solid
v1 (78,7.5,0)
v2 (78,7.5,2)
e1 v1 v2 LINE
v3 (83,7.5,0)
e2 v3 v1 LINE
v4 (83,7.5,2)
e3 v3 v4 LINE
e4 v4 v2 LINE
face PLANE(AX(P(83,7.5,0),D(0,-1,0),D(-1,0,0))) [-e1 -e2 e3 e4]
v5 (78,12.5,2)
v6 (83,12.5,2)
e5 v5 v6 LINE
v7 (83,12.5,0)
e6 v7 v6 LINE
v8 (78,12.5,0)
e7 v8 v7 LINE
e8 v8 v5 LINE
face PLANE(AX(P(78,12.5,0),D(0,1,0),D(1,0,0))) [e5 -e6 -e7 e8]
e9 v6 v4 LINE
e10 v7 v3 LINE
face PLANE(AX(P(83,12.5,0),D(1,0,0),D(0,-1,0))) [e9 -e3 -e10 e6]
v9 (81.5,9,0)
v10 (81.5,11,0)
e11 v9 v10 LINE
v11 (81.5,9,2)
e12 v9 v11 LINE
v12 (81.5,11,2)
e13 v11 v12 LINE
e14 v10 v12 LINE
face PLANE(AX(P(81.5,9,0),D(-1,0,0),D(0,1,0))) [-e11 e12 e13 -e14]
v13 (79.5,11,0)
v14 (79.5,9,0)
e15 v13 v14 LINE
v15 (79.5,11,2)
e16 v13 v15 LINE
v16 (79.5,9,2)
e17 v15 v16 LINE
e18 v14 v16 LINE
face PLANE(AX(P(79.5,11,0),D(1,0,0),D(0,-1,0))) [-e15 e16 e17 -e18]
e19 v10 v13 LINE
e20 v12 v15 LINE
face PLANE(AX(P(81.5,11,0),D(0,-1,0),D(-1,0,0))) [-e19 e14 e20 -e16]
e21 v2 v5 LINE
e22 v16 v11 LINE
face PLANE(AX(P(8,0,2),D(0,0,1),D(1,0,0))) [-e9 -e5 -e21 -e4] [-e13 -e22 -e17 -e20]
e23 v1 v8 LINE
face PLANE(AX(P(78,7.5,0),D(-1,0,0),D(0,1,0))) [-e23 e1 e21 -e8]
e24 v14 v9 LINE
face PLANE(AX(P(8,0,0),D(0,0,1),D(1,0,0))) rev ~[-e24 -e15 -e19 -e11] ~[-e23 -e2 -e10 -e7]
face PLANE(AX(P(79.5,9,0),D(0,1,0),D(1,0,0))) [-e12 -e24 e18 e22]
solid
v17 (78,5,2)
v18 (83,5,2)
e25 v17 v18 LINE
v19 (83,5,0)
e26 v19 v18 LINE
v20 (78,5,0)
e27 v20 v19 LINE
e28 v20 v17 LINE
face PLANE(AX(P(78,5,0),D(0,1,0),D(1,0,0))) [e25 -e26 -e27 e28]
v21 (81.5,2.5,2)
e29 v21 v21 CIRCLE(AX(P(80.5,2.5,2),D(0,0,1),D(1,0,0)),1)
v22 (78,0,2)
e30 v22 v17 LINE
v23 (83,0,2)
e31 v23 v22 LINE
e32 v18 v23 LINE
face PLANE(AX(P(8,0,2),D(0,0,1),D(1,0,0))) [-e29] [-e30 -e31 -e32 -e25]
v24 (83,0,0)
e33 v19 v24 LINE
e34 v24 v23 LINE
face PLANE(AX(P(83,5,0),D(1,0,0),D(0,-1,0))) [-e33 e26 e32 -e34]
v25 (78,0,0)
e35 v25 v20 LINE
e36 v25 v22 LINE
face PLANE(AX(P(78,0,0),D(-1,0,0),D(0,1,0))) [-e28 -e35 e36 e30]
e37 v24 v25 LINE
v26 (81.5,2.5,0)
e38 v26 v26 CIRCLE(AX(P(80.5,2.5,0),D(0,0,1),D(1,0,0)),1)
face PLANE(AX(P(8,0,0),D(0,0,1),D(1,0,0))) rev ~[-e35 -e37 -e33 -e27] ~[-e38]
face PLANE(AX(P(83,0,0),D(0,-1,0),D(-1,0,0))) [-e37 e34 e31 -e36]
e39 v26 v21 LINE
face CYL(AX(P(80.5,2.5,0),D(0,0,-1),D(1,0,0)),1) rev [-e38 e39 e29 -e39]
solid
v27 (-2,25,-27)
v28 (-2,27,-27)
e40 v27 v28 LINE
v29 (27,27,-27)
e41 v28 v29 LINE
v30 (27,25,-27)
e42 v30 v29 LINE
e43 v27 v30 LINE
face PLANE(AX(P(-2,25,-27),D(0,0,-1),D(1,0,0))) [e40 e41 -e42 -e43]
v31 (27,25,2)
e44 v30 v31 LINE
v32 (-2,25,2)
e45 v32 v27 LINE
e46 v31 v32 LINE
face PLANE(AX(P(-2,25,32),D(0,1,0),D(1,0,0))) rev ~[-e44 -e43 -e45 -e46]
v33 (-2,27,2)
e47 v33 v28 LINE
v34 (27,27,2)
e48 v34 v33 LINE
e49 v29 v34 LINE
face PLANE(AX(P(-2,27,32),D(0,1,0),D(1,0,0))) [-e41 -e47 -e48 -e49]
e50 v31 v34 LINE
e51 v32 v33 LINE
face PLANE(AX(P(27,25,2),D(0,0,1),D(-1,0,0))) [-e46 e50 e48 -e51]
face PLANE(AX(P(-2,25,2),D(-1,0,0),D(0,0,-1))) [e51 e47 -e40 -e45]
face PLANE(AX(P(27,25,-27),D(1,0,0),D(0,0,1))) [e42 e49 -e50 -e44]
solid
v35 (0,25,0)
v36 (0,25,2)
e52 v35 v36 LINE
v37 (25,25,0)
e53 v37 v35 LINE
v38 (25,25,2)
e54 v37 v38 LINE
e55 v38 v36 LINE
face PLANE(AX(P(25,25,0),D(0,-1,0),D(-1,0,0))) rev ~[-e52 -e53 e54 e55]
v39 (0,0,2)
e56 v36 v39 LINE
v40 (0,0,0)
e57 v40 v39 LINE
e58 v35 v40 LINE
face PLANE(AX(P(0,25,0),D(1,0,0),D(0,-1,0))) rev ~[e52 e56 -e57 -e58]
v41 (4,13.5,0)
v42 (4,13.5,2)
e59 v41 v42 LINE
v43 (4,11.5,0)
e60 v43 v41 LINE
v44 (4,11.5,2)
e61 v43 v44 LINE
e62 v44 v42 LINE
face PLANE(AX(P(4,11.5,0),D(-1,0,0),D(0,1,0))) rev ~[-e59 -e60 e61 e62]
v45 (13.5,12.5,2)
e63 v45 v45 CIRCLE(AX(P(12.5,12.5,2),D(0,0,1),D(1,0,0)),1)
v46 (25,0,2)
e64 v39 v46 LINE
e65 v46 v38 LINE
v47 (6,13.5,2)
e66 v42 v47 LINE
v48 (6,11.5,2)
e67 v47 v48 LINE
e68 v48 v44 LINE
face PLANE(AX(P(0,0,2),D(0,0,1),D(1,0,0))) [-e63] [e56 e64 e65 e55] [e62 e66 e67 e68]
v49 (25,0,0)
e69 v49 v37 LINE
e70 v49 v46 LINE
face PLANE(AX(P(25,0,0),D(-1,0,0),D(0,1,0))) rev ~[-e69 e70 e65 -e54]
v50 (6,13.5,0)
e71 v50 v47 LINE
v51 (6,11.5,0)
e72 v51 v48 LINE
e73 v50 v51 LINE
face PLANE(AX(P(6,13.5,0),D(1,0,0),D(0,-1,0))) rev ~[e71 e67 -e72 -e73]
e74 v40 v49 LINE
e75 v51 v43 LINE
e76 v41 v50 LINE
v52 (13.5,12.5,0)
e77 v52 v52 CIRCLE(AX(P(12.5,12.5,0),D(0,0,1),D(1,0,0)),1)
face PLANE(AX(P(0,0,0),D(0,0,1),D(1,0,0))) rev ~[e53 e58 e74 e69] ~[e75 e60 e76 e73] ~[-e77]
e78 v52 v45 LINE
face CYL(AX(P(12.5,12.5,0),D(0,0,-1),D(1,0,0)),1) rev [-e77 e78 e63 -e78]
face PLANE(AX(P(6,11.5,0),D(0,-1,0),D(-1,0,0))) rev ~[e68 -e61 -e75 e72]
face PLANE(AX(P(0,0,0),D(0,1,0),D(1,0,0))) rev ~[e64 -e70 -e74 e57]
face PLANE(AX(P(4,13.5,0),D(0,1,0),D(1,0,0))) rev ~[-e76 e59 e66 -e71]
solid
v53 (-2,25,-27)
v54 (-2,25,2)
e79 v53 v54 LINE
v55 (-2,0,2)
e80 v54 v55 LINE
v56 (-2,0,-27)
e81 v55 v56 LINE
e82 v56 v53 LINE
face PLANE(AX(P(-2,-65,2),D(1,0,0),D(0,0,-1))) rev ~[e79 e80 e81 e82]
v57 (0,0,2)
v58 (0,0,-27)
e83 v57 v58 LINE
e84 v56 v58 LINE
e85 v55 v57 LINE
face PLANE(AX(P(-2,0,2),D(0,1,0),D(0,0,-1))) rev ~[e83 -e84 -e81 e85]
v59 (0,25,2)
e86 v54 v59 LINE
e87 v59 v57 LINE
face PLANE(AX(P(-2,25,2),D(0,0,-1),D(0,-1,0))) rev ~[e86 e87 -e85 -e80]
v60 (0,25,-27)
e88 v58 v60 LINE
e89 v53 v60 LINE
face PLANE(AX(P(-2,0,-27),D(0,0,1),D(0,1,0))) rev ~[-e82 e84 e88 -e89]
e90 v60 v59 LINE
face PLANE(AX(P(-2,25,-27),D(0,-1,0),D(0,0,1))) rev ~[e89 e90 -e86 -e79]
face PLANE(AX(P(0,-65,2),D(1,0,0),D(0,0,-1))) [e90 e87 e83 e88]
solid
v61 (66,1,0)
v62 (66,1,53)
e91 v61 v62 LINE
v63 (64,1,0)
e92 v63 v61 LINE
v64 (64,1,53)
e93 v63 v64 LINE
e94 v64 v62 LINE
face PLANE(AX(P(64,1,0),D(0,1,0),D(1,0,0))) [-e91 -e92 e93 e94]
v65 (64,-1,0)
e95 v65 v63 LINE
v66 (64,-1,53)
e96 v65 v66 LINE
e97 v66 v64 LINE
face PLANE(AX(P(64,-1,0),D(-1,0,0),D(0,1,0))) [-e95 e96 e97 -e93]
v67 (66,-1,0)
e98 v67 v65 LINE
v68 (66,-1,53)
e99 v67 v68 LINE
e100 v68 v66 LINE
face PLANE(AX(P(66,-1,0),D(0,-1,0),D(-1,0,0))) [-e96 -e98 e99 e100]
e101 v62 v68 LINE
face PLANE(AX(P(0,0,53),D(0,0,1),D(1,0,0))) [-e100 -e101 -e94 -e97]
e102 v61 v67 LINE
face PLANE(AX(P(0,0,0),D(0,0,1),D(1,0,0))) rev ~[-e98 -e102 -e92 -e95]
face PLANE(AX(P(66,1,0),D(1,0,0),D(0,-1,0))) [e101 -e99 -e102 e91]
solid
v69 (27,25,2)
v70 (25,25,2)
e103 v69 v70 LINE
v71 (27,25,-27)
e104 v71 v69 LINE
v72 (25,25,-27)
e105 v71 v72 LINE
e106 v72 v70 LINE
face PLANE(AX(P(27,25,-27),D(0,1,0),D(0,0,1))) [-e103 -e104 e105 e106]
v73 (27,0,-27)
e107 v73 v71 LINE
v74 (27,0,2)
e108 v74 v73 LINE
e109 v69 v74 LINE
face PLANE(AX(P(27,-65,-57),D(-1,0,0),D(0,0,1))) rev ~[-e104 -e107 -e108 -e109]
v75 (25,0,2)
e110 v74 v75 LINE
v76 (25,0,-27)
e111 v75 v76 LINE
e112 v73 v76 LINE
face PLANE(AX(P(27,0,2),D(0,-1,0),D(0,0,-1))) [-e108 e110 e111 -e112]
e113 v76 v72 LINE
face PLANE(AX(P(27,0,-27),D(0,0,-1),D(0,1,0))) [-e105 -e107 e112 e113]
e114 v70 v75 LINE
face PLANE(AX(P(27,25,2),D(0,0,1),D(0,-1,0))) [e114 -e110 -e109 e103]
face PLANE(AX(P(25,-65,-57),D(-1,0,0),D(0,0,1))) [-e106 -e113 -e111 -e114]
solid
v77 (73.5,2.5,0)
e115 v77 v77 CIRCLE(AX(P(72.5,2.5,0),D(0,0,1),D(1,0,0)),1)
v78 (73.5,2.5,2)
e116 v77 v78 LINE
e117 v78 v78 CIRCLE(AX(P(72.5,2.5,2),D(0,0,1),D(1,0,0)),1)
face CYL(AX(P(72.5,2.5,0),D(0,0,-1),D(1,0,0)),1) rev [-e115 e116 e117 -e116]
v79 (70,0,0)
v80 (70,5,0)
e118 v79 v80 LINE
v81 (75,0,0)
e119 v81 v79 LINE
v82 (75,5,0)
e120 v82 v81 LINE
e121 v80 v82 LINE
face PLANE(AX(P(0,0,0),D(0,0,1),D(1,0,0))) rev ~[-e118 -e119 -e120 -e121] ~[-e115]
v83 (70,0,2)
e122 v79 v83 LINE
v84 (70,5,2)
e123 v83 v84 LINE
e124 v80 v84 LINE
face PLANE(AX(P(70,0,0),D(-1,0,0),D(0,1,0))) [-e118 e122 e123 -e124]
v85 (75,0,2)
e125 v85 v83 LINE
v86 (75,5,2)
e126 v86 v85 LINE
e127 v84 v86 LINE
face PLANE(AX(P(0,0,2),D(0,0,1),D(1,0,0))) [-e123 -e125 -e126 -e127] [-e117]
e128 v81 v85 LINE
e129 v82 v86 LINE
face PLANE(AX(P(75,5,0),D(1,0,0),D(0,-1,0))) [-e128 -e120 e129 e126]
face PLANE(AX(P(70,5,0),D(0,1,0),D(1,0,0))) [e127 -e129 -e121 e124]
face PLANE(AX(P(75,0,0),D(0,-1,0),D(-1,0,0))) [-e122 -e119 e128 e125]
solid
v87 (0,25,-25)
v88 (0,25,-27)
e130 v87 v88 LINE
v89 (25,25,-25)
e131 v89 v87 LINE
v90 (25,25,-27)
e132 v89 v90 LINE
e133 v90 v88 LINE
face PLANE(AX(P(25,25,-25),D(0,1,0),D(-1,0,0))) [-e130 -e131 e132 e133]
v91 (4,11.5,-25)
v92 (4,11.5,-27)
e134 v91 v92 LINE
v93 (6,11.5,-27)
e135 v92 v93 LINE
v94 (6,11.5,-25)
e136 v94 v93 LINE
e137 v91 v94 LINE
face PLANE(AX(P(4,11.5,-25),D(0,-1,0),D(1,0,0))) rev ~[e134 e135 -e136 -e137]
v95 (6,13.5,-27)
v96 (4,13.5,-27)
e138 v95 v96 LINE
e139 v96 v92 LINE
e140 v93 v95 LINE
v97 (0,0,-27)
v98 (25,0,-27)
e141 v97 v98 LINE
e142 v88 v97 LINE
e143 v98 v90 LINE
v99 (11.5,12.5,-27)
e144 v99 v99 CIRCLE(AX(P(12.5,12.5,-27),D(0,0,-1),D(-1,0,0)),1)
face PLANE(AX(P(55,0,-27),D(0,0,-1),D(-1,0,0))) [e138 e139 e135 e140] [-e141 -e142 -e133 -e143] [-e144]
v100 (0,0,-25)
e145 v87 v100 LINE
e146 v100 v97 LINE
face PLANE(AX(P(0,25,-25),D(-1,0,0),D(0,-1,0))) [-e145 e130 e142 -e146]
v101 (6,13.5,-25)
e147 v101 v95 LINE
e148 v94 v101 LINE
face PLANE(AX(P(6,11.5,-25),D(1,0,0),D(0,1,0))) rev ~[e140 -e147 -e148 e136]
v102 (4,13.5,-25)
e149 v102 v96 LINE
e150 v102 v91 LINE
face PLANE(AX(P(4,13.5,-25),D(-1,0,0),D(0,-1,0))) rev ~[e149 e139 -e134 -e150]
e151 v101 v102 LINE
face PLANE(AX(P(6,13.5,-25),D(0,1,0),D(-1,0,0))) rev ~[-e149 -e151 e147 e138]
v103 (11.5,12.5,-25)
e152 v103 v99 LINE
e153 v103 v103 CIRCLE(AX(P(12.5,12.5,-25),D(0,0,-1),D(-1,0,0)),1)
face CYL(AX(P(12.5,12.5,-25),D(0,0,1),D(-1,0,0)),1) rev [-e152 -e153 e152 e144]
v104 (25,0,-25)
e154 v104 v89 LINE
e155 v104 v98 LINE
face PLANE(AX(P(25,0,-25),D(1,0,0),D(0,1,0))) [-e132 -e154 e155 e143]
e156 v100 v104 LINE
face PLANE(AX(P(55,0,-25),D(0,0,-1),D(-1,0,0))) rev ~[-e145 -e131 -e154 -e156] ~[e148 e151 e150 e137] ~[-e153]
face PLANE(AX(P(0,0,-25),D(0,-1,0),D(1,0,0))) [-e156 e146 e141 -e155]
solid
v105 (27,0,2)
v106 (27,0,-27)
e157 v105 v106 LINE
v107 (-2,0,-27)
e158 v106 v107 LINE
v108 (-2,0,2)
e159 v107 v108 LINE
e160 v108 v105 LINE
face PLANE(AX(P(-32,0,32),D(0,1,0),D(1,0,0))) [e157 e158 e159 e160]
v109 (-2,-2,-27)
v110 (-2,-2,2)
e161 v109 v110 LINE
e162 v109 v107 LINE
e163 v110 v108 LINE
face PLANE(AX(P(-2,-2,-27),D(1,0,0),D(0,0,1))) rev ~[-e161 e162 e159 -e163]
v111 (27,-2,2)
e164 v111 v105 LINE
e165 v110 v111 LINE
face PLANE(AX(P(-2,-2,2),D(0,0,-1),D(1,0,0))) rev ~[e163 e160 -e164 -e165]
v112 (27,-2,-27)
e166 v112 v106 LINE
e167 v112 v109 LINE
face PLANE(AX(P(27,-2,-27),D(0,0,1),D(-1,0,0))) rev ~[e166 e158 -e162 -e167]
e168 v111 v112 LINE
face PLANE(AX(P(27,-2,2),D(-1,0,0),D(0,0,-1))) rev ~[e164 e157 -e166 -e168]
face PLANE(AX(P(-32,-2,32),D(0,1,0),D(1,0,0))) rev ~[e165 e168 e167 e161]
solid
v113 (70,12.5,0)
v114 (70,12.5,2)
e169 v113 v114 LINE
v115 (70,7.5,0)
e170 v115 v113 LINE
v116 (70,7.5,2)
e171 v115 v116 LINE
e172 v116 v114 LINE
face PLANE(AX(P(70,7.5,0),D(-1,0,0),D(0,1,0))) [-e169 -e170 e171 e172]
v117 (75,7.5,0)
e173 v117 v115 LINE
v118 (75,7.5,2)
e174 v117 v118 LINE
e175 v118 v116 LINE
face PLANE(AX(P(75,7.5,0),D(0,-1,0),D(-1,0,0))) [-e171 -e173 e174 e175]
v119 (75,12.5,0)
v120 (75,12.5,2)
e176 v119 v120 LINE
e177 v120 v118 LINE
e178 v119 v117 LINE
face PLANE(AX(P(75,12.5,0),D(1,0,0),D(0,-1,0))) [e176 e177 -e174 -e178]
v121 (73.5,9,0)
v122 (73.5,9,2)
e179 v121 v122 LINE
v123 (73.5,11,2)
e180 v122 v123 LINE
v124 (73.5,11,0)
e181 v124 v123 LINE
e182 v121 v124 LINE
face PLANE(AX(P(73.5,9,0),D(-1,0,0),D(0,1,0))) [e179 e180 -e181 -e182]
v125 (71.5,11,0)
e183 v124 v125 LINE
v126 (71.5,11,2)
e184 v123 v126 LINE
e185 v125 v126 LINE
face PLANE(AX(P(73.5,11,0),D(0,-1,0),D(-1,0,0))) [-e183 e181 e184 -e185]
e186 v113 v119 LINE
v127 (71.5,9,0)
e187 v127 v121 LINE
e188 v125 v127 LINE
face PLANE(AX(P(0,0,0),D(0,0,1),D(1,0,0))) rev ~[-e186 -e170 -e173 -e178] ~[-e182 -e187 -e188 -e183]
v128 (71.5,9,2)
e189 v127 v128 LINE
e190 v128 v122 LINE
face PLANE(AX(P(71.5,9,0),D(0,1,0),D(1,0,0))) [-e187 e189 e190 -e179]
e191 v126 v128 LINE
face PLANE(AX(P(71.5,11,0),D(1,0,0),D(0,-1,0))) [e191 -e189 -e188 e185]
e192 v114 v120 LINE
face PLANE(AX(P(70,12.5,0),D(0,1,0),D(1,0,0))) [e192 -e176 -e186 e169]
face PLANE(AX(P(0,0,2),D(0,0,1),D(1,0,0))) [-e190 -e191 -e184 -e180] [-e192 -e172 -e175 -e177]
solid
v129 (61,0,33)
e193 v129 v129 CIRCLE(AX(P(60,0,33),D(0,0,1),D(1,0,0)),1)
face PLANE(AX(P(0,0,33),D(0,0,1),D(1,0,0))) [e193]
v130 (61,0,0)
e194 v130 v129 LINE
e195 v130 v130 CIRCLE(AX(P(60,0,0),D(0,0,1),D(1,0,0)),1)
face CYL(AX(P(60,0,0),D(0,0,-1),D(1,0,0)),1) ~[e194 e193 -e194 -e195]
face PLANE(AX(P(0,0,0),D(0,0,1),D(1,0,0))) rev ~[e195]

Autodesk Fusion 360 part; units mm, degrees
sketch "スケッチ1" plane through (0, 0, 0) normal (0, 0, 1) x (1, 0, 0)
  line L0 (0, 0) -> (25, 0)
  line L1 (25, 0) -> (25, 25)
  line L2 (25, 25) -> (0, 25)
  line L3 (0, 25) -> (0, 0)
  line L4 (30, 25) -> (55, 25)
  line L5 (55, 25) -> (55, 0)
  line L6 (55, 0) -> (30, 0)
  line L7 (30, 0) -> (30, 25)
  line L8 (0, 59) -> (29, 59)
  line L9 (29, 59) -> (29, 30)
  line L10 (29, 30) -> (0, 30)
  line L11 (0, 30) -> (0, 59)
  line L12 (30, 30) -> (59, 30)
  line L13 (59, 30) -> (59, 59)
  line L14 (59, 59) -> (30, 59)
  line L15 (30, 59) -> (30, 30)
  line L16 (0, 65) -> (29, 65)
  line L17 (29, 65) -> (29, 90)
  line L18 (29, 90) -> (0, 90)
  line L19 (0, 90) -> (0, 65)
  line L20 (30, 90) -> (59, 90)
  line L21 (59, 90) -> (59, 65)
  line L22 (59, 65) -> (30, 65)
  line L23 (30, 65) -> (30, 90)
  circle A0 centre (12.5, 12.5) radius 1
  circle A1 centre (42.5, 12.5) radius 1
  line L24 (4, 13.5) -> (6, 13.5)
  line L25 (6, 13.5) -> (6, 11.5)
  line L26 (6, 11.5) -> (4, 11.5)
  line L27 (4, 11.5) -> (4, 13.5)
  line L28 (49, 13.5) -> (51, 13.5)
  line L29 (51, 13.5) -> (51, 11.5)
  line L30 (51, 11.5) -> (49, 11.5)
  line L31 (49, 11.5) -> (49, 13.5)
  circle A2 centre (60, 0) radius 1
  line L32 (64, 1) -> (66, 1)
  line L33 (66, 1) -> (66, -1)
  line L34 (66, -1) -> (64, -1)
  line L35 (64, -1) -> (64, 1)
  line L36 (70, 5) -> (75, 5)
  line L37 (75, 5) -> (75, 0)
  line L38 (75, 0) -> (70, 0)
  line L39 (70, 0) -> (70, 5)
  circle A3 centre (72.5, 2.5) radius 1
  line L40 (70, 12.5) -> (75, 12.5)
  line L41 (75, 12.5) -> (75, 7.5)
  line L42 (75, 7.5) -> (70, 7.5)
  line L43 (70, 7.5) -> (70, 12.5)
  line L44 (73.5, 11) -> (71.5, 11)
  line L45 (71.5, 11) -> (71.5, 9)
  line L46 (71.5, 9) -> (73.5, 9)
  line L47 (73.5, 9) -> (73.5, 11)
  line L48 (73.5, 11) -> (71.5, 9) construction
  line L49 (71.5, 11) -> (73.5, 9) construction
  point P0 (72.5, 10)
  dimension "d13" = 2
extrude "押し出し1" add sketch "スケッチ1" along normal blind 2 contours L0 L1 L2 L3 makes body 1 in component "前"
extrude "押し出し1'" add sketch "スケッチ1" along normal blind 2 separate body contours L4 L5 L6 L7 makes body 2 in component "後"
extrude "押し出し1''" add sketch "スケッチ1" along normal blind 2 separate body contours L8 L9 L10 L11 makes body 3 in component "上"
extrude "押し出し1'''" add sketch "スケッチ1" along normal blind 2 separate body contours L12 L13 L14 L15 makes body 4 in component "下"
extrude "押し出し1''''" add sketch "スケッチ1" along normal blind 2 separate body contours L16 L17 L18 L19 makes body 5 in component "左"
extrude "押し出し1'''''" add sketch "スケッチ1" along normal blind 2 separate body contours L20 L21 L22 L23 makes body 6 in component "右"
extrude "押し出し1''''''" add sketch "スケッチ1" along normal blind 53 separate body contours L32 L33 L34 L35 makes body 7 in component "スライド軸"
extrude "押し出し1'''''''" add sketch "スケッチ1" along normal blind 33 separate body contours A2 makes body 8 in component "回転軸"
extrude "押し出し1''''''''" add sketch "スケッチ1" along normal blind 2 separate body contours L36 L37 L38 L39 makes body 9 in component "回転軸止め輪"
extrude "押し出し1'''''''''" add sketch "スケッチ1" along normal blind 2 separate body contours L40 L41 L42 L43 makes body 10 in component "スライド軸止め輪"
component "前" placed x (1, 0, 0) y (0, 1, 0) z (0, 0, 1) at (0, 0, 0)
component "後" placed x (-1, 0, 0) y (0, 1, 0) z (0, 0, -1) at (55, 0, -25)
component "上" placed x (1, 0, 0) y (0, 0, -1) z (0, 1, 0) at (-2, 25, 32)
component "下" placed x (1, 0, 0) y (0, 0, -1) z (0, 1, 0) at (-32, -2, 32)
component "左" placed x (0, 0, -1) y (0, 1, 0) z (1, 0, 0) at (-2, -65, 2)
component "右" placed x (0, 0, 1) y (0, 1, 0) z (-1, 0, 0) at (27, -65, -57)
component "スライド軸" placed x (1, 0, 0) y (0, 1, 0) z (0, 0, 1) at (0, 0, 0)
component "回転軸" placed x (1, 0, 0) y (0, 1, 0) z (0, 0, 1) at (0, 0, 0)
component "回転軸止め輪" placed x (1, 0, 0) y (0, 1, 0) z (0, 0, 1) at (0, 0, 0)
component "回転軸止め輪" placed x (1, 0, 0) y (0, 1, 0) z (0, 0, 1) at (8, 0, 0)
component "スライド軸止め輪" placed x (1, 0, 0) y (0, 1, 0) z (0, 0, 1) at (0, 0, 0)
component "スライド軸止め輪" placed x (1, 0, 0) y (0, 1, 0) z (0, 0, 1) at (8, 0, 0)
